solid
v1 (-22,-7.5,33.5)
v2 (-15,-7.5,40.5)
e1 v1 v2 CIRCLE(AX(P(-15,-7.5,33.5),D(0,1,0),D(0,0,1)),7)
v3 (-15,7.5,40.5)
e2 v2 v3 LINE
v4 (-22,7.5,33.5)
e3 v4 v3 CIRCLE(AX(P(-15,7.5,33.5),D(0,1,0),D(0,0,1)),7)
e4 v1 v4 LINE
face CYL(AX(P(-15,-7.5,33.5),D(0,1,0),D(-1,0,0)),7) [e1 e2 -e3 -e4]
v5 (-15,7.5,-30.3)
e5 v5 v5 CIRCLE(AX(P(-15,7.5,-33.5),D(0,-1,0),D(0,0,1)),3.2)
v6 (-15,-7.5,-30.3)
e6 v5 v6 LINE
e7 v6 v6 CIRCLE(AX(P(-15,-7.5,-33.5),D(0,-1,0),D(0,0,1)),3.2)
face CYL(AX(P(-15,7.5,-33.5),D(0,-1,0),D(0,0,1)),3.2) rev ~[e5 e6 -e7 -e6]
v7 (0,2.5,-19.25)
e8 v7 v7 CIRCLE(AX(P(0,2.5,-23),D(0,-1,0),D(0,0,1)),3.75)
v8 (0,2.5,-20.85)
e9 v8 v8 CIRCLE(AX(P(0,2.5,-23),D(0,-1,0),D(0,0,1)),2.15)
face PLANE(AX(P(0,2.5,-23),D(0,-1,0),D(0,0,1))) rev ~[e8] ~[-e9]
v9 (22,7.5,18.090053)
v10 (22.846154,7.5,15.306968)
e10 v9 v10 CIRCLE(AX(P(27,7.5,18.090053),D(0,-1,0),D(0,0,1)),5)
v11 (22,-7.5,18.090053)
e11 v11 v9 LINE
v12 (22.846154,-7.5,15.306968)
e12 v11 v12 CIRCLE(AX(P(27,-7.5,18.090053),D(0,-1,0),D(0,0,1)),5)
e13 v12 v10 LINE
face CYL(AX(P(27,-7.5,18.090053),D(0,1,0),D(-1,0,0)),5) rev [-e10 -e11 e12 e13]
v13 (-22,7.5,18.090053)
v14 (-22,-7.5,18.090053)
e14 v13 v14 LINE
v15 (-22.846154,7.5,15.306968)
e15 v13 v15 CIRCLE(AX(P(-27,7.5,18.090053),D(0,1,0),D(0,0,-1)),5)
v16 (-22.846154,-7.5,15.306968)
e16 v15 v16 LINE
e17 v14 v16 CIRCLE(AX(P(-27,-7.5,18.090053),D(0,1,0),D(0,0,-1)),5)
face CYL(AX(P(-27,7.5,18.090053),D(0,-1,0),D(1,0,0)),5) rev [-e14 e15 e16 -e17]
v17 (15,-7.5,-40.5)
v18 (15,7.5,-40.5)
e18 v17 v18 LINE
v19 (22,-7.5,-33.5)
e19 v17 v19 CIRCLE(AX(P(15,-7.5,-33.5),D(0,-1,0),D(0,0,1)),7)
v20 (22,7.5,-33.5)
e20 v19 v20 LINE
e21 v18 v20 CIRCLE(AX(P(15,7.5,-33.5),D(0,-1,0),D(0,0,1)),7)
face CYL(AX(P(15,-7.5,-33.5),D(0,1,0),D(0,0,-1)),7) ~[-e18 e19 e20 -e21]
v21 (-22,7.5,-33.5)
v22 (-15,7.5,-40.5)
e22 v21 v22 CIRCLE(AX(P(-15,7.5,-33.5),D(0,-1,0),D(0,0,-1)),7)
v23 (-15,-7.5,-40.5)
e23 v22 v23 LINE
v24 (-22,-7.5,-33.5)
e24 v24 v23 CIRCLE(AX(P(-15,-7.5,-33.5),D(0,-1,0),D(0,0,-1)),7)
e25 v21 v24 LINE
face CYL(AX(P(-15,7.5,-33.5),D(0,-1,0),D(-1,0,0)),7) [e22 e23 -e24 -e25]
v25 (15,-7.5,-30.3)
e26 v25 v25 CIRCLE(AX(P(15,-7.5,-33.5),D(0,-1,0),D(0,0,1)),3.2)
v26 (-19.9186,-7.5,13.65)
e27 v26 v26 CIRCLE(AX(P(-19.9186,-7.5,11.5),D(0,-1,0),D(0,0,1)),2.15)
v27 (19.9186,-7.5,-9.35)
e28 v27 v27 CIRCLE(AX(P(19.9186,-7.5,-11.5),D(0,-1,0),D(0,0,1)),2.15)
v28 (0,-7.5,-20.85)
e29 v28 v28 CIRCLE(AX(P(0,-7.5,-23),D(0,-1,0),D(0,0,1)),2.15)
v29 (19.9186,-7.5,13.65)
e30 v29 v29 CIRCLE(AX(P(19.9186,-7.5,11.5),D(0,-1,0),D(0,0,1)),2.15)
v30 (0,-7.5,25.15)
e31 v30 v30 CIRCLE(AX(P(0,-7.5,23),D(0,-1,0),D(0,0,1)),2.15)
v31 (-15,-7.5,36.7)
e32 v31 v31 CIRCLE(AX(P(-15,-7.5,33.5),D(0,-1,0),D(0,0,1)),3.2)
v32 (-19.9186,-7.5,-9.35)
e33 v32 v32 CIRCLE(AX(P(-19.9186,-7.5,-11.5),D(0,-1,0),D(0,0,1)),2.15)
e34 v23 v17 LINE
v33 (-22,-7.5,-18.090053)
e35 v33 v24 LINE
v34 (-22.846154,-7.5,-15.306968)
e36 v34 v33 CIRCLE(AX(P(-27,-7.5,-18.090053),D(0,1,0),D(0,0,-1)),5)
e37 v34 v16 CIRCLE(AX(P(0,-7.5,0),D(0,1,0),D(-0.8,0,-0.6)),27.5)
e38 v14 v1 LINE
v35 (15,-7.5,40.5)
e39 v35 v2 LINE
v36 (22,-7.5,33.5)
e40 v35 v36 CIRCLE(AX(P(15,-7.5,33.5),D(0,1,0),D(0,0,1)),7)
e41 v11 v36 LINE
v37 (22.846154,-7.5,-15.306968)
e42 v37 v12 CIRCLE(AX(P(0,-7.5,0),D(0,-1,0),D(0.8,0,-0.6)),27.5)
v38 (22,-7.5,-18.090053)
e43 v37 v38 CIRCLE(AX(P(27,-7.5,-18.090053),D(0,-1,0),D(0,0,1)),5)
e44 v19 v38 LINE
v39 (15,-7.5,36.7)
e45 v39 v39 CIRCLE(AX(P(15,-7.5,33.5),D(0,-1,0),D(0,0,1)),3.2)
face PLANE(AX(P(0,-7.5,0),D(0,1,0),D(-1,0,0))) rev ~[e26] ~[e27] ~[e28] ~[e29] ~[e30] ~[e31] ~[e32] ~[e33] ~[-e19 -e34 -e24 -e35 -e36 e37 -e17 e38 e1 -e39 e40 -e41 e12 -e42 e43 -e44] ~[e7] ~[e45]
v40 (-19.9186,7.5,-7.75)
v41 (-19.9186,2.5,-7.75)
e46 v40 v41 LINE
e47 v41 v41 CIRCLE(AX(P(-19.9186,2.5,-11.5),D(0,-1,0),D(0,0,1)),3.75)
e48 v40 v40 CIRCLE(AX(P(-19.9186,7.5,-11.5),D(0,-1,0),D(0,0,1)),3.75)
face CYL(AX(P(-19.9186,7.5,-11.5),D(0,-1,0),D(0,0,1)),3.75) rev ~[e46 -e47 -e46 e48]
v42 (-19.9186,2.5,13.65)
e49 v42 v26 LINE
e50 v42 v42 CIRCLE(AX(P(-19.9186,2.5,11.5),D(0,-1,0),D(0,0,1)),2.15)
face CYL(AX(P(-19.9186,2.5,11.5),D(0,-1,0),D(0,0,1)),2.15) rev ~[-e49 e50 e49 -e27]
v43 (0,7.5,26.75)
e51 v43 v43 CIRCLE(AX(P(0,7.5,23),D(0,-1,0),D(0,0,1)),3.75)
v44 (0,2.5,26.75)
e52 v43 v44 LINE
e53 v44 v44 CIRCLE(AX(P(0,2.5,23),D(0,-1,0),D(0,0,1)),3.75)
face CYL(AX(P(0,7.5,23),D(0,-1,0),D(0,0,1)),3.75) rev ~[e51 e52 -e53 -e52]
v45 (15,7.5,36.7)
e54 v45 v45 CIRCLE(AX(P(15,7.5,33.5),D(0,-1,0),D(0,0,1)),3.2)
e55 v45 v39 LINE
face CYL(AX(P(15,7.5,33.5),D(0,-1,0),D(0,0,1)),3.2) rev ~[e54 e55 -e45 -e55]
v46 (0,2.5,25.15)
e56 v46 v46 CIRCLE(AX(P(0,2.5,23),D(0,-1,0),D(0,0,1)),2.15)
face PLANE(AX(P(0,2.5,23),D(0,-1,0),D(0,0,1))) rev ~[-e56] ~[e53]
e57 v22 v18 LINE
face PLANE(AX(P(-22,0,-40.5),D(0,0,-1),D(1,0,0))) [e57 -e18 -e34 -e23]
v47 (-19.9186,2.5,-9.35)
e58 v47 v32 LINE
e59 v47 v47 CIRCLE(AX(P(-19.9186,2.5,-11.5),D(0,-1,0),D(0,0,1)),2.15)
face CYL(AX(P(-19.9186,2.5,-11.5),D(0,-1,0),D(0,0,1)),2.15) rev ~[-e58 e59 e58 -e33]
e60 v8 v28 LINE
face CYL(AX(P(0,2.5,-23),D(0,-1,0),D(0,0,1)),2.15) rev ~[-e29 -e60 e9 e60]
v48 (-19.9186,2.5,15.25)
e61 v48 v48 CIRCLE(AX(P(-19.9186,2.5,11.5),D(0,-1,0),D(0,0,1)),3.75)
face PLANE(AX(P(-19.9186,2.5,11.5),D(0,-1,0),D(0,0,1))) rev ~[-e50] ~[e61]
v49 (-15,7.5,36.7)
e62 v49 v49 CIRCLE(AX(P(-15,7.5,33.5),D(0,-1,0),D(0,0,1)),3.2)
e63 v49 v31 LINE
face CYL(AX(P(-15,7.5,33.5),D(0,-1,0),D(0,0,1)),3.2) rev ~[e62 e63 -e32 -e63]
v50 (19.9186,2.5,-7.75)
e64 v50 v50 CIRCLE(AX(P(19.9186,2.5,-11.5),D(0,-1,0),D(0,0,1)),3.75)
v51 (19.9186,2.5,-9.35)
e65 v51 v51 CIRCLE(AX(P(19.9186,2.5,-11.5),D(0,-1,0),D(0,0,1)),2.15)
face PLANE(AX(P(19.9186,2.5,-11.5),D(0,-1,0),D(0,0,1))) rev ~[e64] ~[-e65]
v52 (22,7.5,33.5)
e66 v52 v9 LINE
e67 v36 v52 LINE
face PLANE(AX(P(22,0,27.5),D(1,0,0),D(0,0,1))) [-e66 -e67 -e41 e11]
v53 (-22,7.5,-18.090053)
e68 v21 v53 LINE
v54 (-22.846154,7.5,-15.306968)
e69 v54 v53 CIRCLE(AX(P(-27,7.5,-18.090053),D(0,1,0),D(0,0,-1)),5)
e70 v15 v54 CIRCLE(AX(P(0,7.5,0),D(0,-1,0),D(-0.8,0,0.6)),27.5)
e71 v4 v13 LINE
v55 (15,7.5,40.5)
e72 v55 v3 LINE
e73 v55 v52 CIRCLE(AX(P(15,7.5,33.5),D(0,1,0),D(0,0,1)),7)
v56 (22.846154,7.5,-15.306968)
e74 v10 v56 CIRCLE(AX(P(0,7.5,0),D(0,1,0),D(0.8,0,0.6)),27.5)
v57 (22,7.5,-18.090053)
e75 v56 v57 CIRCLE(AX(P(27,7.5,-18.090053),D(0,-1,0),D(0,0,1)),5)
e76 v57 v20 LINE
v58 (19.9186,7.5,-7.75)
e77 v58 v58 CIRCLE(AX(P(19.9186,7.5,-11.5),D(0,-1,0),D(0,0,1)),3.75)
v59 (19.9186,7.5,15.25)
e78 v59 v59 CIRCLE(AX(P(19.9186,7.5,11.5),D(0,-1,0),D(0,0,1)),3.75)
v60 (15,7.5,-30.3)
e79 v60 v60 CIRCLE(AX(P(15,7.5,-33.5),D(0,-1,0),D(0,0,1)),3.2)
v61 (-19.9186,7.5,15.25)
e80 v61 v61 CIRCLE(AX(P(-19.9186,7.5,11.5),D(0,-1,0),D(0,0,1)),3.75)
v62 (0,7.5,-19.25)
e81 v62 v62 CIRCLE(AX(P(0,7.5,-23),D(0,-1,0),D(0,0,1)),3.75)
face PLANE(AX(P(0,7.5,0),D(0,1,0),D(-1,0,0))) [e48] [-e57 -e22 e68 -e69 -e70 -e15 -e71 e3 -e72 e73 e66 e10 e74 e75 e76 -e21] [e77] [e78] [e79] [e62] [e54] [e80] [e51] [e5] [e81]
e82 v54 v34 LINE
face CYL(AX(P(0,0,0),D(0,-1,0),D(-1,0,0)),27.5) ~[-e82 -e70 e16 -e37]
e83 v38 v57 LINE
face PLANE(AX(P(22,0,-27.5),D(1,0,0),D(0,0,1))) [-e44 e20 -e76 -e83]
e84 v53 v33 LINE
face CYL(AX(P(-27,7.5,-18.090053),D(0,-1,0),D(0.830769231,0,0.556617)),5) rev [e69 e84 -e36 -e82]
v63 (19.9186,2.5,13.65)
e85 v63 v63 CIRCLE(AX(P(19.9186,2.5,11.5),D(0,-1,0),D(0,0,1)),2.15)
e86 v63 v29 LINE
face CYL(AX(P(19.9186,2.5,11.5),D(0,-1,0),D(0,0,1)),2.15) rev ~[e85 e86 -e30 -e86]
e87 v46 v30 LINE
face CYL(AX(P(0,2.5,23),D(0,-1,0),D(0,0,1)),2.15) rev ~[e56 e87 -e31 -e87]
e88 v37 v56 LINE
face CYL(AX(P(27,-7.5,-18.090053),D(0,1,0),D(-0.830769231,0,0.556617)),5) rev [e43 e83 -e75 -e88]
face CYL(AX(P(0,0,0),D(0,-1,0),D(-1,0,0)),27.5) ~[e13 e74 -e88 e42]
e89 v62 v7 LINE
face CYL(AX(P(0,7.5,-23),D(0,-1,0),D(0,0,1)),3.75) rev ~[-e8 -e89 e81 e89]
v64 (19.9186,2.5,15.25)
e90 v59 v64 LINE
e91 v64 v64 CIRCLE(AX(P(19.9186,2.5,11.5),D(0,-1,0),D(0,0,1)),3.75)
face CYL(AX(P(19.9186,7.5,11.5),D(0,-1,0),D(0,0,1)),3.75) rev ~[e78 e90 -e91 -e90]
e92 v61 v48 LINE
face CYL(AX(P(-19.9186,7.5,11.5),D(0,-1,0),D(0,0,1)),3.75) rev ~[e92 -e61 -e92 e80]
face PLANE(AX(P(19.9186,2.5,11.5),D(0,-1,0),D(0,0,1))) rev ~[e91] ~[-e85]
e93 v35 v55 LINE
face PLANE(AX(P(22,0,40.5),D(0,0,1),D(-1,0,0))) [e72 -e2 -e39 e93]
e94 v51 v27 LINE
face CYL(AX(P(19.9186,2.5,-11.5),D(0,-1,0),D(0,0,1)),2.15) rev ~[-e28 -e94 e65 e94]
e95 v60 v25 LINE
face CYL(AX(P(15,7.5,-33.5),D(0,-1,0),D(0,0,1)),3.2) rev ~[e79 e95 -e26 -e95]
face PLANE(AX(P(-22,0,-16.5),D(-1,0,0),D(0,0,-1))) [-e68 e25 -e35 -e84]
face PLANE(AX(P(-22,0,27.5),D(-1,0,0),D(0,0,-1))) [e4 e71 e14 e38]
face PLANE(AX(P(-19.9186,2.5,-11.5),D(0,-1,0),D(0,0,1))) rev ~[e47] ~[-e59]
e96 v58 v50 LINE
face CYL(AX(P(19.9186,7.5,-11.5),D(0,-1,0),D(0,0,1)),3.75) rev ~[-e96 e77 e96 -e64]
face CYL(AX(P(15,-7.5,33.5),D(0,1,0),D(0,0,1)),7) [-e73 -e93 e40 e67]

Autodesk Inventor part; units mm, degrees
ref_plane "YZ Plane" through (0, 0, 0) normal (1, 0, 0) x (0, 1, 0)
ref_plane "XZ Plane" through (0, 0, 0) normal (0, 1, 0) x (-1, 0, 0)
ref_plane "XY Plane" through (0, 0, 0) normal (0, 0, 1) x (1, 0, 0)
sketch "スケッチ1" plane through (0, 0, 0) normal (0, 1, 0) x (-1, 0, 0)
  line L0 (27.5, 27.5) -> (-27.5, 27.5)
  line L1 (-27.5, 27.5) -> (-27.5, -27.5)
  line L2 (-27.5, -27.5) -> (27.5, -27.5)
  line L3 (27.5, -27.5) -> (27.5, 27.5)
  line L4 (27.5, 27.5) -> (-27.5, -27.5) construction
  line L5 (-27.5, 27.5) -> (27.5, -27.5) construction
  line L6 (15, 33.5) -> (-15, 33.5) construction
  line L7 (-15, 33.5) -> (-15, -33.5) construction
  line L8 (-15, -33.5) -> (15, -33.5) construction
  line L9 (15, -33.5) -> (15, 33.5) construction
  line L10 (15, 33.5) -> (-15, -33.5) construction
  line L11 (-15, 33.5) -> (15, -33.5) construction
  circle A0 centre (-15, 33.5) radius 5 construction
  circle A1 centre (0, 0) radius 27.5
  line L12 (22, -40.5) -> (-22, -40.5)
  line L13 (-22, -40.5) -> (-22, 40.5)
  line L14 (-22, 40.5) -> (22, 40.5)
  line L15 (22, 40.5) -> (22, -40.5)
  line L16 (22, -40.5) -> (-22, 40.5) construction
  line L17 (-22, -40.5) -> (22, 40.5) construction
  point P0 (-22, -16.5)
  point P1 (22, -16.5)
  point P2 (22, 16.5)
  point P3 (-22, 16.5)
  dimension "d44" = 55
  dimension "d45" = 10
  dimension "d46" = 6
  dimension "d53" = 55
  dimension "d54" = 30
  dimension "d55" = 7
  dimension "d56" = 7
extrude "押し出し1" add sketch "スケッチ1" along normal mid plane 15 contours L15 A1 L0 | L0 L13 L14 L15 | A1 L15 | A1 L13 L0 | A1 L15 L13 | L15 L2 A1 | L13 A1 | L15 L12 L13 L2 | L2 L13 A1
sketch "スケッチ2" plane through (-1, 7.5, 27) normal (0, -1, 0) x (1, 0, 0)
  line L0 (-14, -60.5) -> (16, -60.5)
  line L1 (16, -60.5) -> (16, 6.5)
  line L2 (16, 6.5) -> (-14, 6.5)
  line L3 (-14, 6.5) -> (-14, -60.5)
  line L4 (-14, -60.5) -> (16, 6.5) construction
  line L5 (16, -60.5) -> (-14, 6.5) construction
  line L6 (-21, 13.5) -> (23, 13.5) projected
  point P0 (1, -27)
  dimension "d52" = 30
  dimension "d58" = 7
hole "穴1" at (-15, 7.5, 33.5) at (15, 7.5, 33.5) at (15, 7.5, -33.5) at (-15, 7.5, -33.5) direction (0, -1, 0) diameter 6.4 end through all clearance for "Flat Head Machine Screw" size "M6" standard "Ansi Metric M Profile"
sketch "スケッチ5" plane through (-26, 7.5, 26) normal (0, 1, 0) x (1, 0, 0)
  circle A0 centre (26, 26) radius 23
  point P0 (26, 26)
  point P1 (26, 49)
  point P2 (26, 26)
  point P3 (6.0814, 37.5)
  point P4 (26, 26)
  point P5 (6.0814, 14.5)
  point P6 (26, 26)
  point P7 (26, 3)
  point P8 (26, 26)
  point P9 (45.9186, 14.5)
  point P10 (26, 26)
  point P11 (45.9186, 37.5)
  dimension "d31" = 46
  dimension "d34" = 360
hole "穴4" at (19.9186, 7.5, -11.5) at (19.9186, 7.5, 11.5) at (0, 7.5, 23) at (-19.9186, 7.5, 11.5) at (-19.9186, 7.5, -11.5) at (0, 7.5, -23) direction (0, -1, 0) diameter 4.3 end through all counterbore diameter 7.5 counterbore depth 5 clearance for "Socket Head Cap Screw" size "M4" standard "Ansi Metric M Profile"
fillet "フィレット2" radius 7 4 edges at (-22, 0, 40.5) (22, 0, 40.5) (22, 0, -40.5) (-22, 0, -40.5)
fillet "フィレット3" radius 5 4 edges at (-22, 0, -16.5) (-22, 0, 16.5) (22, 0, -16.5) (22, 0, 16.5)
